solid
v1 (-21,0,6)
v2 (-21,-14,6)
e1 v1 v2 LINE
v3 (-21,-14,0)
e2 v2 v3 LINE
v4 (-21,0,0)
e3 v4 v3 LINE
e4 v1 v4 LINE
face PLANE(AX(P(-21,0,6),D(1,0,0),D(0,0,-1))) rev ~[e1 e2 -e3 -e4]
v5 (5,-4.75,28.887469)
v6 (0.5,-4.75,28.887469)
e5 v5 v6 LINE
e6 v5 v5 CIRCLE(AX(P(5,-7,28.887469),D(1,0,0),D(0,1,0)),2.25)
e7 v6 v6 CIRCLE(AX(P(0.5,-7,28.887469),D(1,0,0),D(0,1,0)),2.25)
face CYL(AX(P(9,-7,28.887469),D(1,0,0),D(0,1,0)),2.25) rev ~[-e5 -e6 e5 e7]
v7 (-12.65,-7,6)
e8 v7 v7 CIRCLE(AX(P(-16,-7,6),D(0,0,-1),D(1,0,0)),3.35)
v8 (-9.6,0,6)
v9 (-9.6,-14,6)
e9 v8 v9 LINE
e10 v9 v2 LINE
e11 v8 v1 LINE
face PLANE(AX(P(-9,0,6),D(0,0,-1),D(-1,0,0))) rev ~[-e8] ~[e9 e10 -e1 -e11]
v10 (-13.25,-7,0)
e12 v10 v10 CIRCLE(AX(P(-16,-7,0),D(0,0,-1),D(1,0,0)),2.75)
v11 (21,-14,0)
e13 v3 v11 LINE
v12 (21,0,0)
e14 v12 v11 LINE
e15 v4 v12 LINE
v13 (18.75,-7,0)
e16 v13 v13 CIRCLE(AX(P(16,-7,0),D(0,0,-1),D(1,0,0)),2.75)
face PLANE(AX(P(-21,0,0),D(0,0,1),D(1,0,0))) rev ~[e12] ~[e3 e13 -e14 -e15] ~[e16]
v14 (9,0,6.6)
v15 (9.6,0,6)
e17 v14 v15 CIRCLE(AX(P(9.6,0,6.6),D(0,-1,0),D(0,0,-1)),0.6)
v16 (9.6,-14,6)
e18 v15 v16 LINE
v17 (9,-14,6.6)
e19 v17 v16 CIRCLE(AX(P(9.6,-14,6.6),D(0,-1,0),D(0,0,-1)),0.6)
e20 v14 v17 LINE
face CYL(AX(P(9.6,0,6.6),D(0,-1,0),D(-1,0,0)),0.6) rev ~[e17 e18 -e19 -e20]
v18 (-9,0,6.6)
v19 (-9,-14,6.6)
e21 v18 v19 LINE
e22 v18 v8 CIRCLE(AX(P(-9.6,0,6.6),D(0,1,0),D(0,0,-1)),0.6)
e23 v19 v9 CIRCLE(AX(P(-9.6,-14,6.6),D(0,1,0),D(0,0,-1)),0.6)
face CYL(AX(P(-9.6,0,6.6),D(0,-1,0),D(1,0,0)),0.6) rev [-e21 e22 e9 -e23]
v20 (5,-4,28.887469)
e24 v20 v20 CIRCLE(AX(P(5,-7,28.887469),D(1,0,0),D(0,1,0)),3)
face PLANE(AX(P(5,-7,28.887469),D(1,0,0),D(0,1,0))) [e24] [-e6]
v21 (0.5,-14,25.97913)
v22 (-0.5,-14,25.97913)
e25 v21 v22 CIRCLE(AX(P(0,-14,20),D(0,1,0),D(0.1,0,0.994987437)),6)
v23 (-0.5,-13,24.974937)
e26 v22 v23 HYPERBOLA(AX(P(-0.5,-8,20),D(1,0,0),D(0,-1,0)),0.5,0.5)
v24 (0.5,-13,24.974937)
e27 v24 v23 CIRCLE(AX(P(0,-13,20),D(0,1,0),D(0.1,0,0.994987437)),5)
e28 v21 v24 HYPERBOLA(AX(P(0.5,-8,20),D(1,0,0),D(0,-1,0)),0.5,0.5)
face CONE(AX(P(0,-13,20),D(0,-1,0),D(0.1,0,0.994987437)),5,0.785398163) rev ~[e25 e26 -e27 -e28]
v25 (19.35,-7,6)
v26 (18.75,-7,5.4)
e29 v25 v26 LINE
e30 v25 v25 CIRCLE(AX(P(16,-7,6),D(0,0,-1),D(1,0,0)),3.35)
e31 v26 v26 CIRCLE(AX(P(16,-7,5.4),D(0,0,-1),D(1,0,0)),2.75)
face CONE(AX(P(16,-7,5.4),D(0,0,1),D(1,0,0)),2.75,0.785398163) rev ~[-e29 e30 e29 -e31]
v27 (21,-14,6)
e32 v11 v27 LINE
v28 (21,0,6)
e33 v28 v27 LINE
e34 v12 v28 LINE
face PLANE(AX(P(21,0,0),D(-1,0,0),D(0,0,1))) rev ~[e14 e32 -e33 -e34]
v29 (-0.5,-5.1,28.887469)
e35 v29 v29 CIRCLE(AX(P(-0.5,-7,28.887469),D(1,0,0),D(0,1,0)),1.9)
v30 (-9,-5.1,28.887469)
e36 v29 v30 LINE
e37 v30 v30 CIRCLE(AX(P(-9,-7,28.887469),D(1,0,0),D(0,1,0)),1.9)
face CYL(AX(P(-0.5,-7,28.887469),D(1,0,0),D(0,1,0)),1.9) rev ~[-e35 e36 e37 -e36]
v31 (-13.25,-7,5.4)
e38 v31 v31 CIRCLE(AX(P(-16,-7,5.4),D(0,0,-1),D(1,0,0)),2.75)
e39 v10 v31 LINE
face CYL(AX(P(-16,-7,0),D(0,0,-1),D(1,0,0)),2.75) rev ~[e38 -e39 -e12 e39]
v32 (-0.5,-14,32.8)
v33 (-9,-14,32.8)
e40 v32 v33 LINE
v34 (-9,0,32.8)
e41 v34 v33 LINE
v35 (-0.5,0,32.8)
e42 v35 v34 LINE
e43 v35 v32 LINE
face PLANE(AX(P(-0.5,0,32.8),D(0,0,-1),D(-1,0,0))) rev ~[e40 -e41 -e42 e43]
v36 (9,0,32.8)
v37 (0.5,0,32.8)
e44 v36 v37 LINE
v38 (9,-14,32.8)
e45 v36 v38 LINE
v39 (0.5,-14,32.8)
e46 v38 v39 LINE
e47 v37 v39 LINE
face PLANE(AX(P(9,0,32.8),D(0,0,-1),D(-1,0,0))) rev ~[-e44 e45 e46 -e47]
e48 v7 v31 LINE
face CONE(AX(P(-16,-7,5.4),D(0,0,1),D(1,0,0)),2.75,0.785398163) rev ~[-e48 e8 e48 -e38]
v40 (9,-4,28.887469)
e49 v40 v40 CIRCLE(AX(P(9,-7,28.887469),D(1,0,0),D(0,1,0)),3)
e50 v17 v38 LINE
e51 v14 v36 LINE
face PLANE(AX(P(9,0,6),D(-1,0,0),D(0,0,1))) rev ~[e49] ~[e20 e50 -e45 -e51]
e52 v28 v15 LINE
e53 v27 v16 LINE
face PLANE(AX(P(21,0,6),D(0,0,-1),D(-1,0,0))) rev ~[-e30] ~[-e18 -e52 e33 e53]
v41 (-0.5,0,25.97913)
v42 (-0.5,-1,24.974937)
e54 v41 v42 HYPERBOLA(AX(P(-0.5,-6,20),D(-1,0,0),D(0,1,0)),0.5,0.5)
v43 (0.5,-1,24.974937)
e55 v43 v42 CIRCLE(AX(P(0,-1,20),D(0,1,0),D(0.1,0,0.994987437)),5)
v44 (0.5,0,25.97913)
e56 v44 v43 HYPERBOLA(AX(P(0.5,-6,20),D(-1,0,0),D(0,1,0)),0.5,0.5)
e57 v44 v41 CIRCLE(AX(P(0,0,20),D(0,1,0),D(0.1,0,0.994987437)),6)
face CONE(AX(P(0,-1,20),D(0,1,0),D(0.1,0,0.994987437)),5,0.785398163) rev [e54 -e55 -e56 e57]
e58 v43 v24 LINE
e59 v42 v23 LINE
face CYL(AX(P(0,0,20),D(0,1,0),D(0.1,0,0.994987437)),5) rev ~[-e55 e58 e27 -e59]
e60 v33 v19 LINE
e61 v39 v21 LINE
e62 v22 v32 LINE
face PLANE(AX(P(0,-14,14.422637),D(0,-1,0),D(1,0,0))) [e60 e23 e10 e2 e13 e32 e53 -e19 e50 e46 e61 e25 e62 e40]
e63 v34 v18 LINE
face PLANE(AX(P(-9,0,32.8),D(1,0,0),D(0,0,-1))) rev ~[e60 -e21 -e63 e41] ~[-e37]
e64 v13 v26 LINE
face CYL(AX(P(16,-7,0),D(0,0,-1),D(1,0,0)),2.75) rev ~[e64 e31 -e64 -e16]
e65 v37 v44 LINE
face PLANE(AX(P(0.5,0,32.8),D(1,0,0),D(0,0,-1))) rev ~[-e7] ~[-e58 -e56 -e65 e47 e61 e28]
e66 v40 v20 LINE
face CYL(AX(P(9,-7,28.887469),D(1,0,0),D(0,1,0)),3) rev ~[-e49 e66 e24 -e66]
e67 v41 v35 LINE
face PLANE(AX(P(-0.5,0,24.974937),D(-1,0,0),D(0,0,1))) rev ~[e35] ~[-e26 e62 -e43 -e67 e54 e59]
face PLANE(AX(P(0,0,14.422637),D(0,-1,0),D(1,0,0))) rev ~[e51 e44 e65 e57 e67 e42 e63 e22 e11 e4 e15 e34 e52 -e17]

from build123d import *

# Parameters (mm, degrees)
F1_DEPTH      = 14
F2_R          = 2.75
F3_DEPTH      = 32.801
F4_SIZE       = 1
F5_R          = 0.6
F6_SIZE       = 0.6
F7_R          = 1.9
F8_DEPTH      = 20.501
F8_DEPTH_BACK = 21.501
F9_R          = 2.25
F10_DEPTH     = 9.5
F11_R         = 3
F12_DEPTH     = 4


with BuildPart() as f1:
    # F0 (on Front) → F1 (new body)
    with BuildSketch(Plane.XZ):
        with BuildLine():
            Line((-21, 0), (0, 0))
            Line((0, 0), (21, 0))
            Line((21, 0), (21, 6))
            Line((21, 6), (9, 6))
            Line((9, 6), (9, 32.8))
            Line((9, 32.8), (0.5, 32.8))
            Line((0.5, 32.8), (0.5, 24.9749371855))
            ThreePointArc((0.5, 24.9749371855), (0, 15), (-0.5, 24.9749371855))
            Line((-0.5, 24.9749371855), (-0.5, 32.8))
            Line((-0.5, 32.8), (-9, 32.8))
            Line((-9, 32.8), (-9, 6))
            Line((-9, 6), (-21, 6))
            Line((-21, 6), (-21, 0))
        make_face()
    extrude(amount=F1_DEPTH)

    # F2 (on face) → F3 (cut, through all)
    with BuildSketch(Plane(origin=(0, 0, 0), x_dir=(1, 0, 0), z_dir=(0, 0, -1))):
        with Locations((-16, 7)):
            Circle(F2_R)
        with Locations((16, 7)):
            Circle(F2_R)
    extrude(amount=-F3_DEPTH, mode=Mode.SUBTRACT)

    # F4
    f4_edges = [f1.edges().sort_by_distance(p)[0] for p in [
        (0, -14, 15),
        (0, 0, 15),
    ]]
    chamfer(f4_edges, length=F4_SIZE)

    # F5
    f5_edges = [f1.edges().sort_by_distance(p)[0] for p in [
        (9, -7, 6),
        (-9, -7, 6),
    ]]
    fillet(f5_edges, radius=F5_R)

    # F6
    f6_edges = [f1.edges().sort_by_distance(p)[0] for p in [
        (13.25, -7, 6),
        (-18.75, -7, 6),
    ]]
    chamfer(f6_edges, length=F6_SIZE)

    # F7 (on face) → F8 (cut, two sides)
    with BuildSketch(Plane.YZ.offset(-0.5)) as f8_sk:
        with Locations((-7, 28.8874685928)):
            Circle(F7_R)
    extrude(amount=-F8_DEPTH, mode=Mode.SUBTRACT)
    extrude(f8_sk.sketch, amount=F8_DEPTH_BACK, mode=Mode.SUBTRACT)

    # F9 (on face) → F10 (cut, through all)
    with BuildSketch(Plane.YZ.offset(9)):
        with Locations((-7, 28.8874685928)):
            Circle(F9_R)
    extrude(amount=-F10_DEPTH, mode=Mode.SUBTRACT)

    # F11 (on face) → F12 (cut)
    with BuildSketch(Plane.YZ.offset(9)):
        with Locations((-7, 28.8874685928)):
            Circle(F11_R)
    extrude(amount=-F12_DEPTH, mode=Mode.SUBTRACT)


solid = f1.part
